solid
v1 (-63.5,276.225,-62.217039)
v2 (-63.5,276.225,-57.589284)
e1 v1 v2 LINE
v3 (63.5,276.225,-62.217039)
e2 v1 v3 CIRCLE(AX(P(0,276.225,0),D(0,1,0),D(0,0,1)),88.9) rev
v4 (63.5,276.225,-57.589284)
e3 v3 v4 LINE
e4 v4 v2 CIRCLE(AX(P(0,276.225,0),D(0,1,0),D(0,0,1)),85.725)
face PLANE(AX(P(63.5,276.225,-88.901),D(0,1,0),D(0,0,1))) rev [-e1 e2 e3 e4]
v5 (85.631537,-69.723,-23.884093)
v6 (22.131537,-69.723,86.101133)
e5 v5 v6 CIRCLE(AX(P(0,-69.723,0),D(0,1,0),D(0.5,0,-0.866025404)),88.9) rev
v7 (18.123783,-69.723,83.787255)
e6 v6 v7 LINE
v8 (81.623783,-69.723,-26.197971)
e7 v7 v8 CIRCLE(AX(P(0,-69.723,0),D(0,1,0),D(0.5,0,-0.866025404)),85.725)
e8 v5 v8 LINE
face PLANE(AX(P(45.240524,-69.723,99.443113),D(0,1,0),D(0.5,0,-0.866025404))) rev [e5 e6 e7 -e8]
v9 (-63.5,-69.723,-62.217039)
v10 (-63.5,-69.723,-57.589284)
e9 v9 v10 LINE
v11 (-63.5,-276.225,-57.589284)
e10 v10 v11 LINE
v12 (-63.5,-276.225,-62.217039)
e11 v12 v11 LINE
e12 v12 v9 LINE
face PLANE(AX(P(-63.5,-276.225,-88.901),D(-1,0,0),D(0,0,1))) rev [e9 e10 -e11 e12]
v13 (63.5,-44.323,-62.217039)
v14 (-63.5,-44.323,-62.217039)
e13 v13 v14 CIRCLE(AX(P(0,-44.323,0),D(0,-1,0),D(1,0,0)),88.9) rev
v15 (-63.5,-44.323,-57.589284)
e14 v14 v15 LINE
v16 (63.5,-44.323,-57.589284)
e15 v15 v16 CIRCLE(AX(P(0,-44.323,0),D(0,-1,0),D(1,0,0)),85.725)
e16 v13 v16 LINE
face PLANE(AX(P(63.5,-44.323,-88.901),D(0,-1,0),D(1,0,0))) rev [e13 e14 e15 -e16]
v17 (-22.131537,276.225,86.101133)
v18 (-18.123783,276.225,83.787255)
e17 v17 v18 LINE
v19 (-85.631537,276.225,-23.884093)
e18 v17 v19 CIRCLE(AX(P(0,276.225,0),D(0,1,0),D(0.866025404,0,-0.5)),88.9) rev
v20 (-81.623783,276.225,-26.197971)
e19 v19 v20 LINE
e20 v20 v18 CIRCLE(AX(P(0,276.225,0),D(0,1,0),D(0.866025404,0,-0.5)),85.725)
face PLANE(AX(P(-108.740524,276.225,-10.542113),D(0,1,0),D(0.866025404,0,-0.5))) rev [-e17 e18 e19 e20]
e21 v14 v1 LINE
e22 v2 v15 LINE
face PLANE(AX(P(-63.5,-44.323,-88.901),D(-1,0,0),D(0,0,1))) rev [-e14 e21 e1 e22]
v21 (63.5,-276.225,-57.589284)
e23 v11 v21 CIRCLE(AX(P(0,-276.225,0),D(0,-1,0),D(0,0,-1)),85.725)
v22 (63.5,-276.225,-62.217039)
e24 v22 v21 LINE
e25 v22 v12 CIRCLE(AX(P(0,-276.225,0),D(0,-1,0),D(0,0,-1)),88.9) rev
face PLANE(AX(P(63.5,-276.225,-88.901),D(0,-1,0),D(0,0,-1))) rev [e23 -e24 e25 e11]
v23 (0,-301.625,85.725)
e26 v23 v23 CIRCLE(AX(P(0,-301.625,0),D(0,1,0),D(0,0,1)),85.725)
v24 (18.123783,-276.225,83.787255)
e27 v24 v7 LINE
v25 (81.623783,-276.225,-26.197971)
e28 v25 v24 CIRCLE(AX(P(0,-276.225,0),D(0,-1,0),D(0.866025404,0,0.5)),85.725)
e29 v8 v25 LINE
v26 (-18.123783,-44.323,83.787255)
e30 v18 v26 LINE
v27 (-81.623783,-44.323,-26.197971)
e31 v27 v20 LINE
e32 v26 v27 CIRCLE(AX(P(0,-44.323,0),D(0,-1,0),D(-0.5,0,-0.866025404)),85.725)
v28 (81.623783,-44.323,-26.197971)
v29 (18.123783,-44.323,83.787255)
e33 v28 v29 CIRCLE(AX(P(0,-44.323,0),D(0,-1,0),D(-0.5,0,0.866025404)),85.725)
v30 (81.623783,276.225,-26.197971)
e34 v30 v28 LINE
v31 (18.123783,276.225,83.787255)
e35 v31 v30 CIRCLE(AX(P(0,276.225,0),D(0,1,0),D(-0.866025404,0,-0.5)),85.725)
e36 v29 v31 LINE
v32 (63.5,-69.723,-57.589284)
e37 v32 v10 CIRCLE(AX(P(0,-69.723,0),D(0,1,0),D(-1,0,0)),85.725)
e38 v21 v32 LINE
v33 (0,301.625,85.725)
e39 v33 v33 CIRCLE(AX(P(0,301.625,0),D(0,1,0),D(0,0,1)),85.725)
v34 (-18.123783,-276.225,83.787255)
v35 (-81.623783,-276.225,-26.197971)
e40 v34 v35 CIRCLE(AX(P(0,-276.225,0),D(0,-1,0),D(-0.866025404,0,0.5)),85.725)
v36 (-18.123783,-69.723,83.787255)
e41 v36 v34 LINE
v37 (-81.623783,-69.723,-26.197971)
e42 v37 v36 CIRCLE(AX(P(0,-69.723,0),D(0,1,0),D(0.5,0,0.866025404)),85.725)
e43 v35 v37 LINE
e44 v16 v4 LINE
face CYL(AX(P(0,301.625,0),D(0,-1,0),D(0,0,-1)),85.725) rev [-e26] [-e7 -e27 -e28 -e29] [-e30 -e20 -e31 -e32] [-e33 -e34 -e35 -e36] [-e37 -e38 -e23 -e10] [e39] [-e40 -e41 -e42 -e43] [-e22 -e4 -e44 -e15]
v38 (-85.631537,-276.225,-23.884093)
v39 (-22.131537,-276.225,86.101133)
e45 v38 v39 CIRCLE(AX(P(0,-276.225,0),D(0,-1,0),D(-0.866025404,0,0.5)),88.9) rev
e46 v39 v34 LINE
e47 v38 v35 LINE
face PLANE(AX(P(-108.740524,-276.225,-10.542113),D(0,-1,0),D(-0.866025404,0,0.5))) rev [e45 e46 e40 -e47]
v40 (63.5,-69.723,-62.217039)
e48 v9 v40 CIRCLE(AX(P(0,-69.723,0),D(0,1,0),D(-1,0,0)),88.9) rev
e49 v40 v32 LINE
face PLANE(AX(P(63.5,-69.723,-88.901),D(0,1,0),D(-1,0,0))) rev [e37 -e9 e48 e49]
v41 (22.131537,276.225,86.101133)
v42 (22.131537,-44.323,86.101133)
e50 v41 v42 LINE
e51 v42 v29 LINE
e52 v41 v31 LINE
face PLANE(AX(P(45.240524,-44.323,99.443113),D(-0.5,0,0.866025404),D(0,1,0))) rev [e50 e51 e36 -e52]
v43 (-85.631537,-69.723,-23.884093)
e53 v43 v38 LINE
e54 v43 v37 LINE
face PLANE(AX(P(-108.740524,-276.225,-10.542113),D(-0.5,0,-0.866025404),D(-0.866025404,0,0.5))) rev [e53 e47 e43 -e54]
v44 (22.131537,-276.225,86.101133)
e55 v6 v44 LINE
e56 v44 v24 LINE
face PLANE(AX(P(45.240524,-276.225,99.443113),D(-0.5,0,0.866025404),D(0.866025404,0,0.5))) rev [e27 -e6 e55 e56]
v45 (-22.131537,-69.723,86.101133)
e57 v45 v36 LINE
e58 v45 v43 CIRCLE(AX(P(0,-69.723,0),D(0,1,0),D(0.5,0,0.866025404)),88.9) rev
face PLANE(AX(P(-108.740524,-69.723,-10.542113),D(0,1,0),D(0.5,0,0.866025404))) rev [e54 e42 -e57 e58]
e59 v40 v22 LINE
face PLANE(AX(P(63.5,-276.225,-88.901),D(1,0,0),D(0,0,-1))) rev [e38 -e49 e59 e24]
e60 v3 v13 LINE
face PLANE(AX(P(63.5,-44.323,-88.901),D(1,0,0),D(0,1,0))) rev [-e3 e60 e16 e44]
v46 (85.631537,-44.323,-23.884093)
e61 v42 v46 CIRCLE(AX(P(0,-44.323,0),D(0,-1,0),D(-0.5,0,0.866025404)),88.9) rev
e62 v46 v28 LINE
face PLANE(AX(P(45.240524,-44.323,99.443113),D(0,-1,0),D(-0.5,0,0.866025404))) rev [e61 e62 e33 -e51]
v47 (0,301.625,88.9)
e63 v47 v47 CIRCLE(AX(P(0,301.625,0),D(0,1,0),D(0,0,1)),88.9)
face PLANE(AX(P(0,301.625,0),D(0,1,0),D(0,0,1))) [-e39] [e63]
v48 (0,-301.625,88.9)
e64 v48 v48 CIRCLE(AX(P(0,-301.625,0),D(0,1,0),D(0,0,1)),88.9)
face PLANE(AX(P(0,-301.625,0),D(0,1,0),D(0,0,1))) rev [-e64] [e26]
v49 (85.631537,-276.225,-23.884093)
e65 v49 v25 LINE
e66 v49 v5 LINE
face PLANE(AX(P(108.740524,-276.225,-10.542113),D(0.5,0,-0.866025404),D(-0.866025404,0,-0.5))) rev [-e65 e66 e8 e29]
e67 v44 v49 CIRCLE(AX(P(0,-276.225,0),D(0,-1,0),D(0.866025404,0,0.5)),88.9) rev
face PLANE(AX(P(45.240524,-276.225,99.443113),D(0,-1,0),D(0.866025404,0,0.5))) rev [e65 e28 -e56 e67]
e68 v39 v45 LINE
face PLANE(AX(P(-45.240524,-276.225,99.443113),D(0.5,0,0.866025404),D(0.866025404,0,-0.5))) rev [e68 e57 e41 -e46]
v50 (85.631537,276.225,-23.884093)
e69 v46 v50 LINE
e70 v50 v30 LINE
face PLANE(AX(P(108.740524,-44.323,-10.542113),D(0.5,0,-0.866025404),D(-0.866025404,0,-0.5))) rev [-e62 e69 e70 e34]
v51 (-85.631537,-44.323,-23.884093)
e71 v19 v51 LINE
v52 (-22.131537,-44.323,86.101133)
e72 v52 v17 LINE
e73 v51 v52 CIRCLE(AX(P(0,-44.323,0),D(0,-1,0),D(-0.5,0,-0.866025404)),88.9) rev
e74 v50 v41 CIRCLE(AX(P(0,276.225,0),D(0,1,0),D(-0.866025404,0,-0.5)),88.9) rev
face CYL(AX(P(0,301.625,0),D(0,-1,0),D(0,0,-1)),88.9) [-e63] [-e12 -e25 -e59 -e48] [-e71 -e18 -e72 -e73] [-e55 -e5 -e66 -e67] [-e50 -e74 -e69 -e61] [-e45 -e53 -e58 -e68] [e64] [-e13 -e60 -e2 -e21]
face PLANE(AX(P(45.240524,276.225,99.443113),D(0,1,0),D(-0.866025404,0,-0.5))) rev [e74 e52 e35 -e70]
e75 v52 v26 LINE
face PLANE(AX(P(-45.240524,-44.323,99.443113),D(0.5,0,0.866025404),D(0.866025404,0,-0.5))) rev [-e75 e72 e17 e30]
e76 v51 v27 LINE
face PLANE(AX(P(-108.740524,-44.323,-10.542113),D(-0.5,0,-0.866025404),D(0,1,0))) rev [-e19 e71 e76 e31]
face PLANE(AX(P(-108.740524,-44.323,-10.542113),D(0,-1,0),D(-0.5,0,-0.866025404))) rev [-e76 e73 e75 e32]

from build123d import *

# Parameters (mm, degrees)
SKETCH1_R               = 88.9
SKETCH1_R_2             = 85.725
BOSS_EXTRUDE1_DEPTH     = 301.625
CUT_EXTRUDE1_REACH      = 328.778
CUT_EXTRUDE1_END_RADIUS = 88.9
SKETCH2_W               = 127
SKETCH2_H               = 206.502
SKETCH2_H_2             = 320.548
CIRPATTERN1_COUNT       = 3


with BuildPart() as part:
    # Sketch1 → Boss-Extrude1 (new, symmetric)
    with BuildSketch(Plane(origin=(0, 0, 0), x_dir=(1, 0, 0), z_dir=(0, 1, 0))):
        with Locations(Location((0, 0, 0), (0, 0, 270))):
            Circle(SKETCH1_R)
        with Locations(Location((0, 0, 0), (0, 0, 270))):
            Circle(SKETCH1_R_2, mode=Mode.SUBTRACT)
    extrude(amount=BOSS_EXTRUDE1_DEPTH, both=True)

    # Cut-Extrude1: up to this cylinder (the profile starts inside it)
    cut_extrude1_end = Plane(origin=(0, -28.5115, 0), z_dir=(0, -1, 0)) * Cylinder(CUT_EXTRUDE1_END_RADIUS, 1125.281, mode=Mode.PRIVATE)
    # Sketch2 → Cut-Extrude1 (cut, up to the surface)
    with BuildSketch(Plane.XY, mode=Mode.PRIVATE) as cut_extrude1_sk1:
        with Locations((0, -172.974)):
            Rectangle(SKETCH2_W, SKETCH2_H)
    cut_extrude1_tool1 = extrude(cut_extrude1_sk1.sketch, amount=-CUT_EXTRUDE1_REACH, mode=Mode.PRIVATE) & cut_extrude1_end
    # Sketch2 → Cut-Extrude1 (cut, up to the surface)
    with BuildSketch(Plane.XY, mode=Mode.PRIVATE) as cut_extrude1_sk2:
        with Locations((0, 115.951)):
            Rectangle(SKETCH2_W, SKETCH2_H_2)
    cut_extrude1_tool2 = extrude(cut_extrude1_sk2.sketch, amount=-CUT_EXTRUDE1_REACH, mode=Mode.PRIVATE) & cut_extrude1_end
    cut_extrude1 = cut_extrude1_tool1.solids().sort_by_distance((0, -172.974, 0))[0] + cut_extrude1_tool2.solids().sort_by_distance((0, 115.951, 0))[0]
    add(cut_extrude1, mode=Mode.SUBTRACT)

    # CirPattern1: Cut-Extrude1 ×3 about axis
    cirpattern1_axis = Axis((0, 0, 0), (0, 1, 0))
    for i in range(1, CIRPATTERN1_COUNT):
        add(cut_extrude1.rotate(cirpattern1_axis, i * 360 / CIRPATTERN1_COUNT), mode=Mode.SUBTRACT)


solid = part.part
